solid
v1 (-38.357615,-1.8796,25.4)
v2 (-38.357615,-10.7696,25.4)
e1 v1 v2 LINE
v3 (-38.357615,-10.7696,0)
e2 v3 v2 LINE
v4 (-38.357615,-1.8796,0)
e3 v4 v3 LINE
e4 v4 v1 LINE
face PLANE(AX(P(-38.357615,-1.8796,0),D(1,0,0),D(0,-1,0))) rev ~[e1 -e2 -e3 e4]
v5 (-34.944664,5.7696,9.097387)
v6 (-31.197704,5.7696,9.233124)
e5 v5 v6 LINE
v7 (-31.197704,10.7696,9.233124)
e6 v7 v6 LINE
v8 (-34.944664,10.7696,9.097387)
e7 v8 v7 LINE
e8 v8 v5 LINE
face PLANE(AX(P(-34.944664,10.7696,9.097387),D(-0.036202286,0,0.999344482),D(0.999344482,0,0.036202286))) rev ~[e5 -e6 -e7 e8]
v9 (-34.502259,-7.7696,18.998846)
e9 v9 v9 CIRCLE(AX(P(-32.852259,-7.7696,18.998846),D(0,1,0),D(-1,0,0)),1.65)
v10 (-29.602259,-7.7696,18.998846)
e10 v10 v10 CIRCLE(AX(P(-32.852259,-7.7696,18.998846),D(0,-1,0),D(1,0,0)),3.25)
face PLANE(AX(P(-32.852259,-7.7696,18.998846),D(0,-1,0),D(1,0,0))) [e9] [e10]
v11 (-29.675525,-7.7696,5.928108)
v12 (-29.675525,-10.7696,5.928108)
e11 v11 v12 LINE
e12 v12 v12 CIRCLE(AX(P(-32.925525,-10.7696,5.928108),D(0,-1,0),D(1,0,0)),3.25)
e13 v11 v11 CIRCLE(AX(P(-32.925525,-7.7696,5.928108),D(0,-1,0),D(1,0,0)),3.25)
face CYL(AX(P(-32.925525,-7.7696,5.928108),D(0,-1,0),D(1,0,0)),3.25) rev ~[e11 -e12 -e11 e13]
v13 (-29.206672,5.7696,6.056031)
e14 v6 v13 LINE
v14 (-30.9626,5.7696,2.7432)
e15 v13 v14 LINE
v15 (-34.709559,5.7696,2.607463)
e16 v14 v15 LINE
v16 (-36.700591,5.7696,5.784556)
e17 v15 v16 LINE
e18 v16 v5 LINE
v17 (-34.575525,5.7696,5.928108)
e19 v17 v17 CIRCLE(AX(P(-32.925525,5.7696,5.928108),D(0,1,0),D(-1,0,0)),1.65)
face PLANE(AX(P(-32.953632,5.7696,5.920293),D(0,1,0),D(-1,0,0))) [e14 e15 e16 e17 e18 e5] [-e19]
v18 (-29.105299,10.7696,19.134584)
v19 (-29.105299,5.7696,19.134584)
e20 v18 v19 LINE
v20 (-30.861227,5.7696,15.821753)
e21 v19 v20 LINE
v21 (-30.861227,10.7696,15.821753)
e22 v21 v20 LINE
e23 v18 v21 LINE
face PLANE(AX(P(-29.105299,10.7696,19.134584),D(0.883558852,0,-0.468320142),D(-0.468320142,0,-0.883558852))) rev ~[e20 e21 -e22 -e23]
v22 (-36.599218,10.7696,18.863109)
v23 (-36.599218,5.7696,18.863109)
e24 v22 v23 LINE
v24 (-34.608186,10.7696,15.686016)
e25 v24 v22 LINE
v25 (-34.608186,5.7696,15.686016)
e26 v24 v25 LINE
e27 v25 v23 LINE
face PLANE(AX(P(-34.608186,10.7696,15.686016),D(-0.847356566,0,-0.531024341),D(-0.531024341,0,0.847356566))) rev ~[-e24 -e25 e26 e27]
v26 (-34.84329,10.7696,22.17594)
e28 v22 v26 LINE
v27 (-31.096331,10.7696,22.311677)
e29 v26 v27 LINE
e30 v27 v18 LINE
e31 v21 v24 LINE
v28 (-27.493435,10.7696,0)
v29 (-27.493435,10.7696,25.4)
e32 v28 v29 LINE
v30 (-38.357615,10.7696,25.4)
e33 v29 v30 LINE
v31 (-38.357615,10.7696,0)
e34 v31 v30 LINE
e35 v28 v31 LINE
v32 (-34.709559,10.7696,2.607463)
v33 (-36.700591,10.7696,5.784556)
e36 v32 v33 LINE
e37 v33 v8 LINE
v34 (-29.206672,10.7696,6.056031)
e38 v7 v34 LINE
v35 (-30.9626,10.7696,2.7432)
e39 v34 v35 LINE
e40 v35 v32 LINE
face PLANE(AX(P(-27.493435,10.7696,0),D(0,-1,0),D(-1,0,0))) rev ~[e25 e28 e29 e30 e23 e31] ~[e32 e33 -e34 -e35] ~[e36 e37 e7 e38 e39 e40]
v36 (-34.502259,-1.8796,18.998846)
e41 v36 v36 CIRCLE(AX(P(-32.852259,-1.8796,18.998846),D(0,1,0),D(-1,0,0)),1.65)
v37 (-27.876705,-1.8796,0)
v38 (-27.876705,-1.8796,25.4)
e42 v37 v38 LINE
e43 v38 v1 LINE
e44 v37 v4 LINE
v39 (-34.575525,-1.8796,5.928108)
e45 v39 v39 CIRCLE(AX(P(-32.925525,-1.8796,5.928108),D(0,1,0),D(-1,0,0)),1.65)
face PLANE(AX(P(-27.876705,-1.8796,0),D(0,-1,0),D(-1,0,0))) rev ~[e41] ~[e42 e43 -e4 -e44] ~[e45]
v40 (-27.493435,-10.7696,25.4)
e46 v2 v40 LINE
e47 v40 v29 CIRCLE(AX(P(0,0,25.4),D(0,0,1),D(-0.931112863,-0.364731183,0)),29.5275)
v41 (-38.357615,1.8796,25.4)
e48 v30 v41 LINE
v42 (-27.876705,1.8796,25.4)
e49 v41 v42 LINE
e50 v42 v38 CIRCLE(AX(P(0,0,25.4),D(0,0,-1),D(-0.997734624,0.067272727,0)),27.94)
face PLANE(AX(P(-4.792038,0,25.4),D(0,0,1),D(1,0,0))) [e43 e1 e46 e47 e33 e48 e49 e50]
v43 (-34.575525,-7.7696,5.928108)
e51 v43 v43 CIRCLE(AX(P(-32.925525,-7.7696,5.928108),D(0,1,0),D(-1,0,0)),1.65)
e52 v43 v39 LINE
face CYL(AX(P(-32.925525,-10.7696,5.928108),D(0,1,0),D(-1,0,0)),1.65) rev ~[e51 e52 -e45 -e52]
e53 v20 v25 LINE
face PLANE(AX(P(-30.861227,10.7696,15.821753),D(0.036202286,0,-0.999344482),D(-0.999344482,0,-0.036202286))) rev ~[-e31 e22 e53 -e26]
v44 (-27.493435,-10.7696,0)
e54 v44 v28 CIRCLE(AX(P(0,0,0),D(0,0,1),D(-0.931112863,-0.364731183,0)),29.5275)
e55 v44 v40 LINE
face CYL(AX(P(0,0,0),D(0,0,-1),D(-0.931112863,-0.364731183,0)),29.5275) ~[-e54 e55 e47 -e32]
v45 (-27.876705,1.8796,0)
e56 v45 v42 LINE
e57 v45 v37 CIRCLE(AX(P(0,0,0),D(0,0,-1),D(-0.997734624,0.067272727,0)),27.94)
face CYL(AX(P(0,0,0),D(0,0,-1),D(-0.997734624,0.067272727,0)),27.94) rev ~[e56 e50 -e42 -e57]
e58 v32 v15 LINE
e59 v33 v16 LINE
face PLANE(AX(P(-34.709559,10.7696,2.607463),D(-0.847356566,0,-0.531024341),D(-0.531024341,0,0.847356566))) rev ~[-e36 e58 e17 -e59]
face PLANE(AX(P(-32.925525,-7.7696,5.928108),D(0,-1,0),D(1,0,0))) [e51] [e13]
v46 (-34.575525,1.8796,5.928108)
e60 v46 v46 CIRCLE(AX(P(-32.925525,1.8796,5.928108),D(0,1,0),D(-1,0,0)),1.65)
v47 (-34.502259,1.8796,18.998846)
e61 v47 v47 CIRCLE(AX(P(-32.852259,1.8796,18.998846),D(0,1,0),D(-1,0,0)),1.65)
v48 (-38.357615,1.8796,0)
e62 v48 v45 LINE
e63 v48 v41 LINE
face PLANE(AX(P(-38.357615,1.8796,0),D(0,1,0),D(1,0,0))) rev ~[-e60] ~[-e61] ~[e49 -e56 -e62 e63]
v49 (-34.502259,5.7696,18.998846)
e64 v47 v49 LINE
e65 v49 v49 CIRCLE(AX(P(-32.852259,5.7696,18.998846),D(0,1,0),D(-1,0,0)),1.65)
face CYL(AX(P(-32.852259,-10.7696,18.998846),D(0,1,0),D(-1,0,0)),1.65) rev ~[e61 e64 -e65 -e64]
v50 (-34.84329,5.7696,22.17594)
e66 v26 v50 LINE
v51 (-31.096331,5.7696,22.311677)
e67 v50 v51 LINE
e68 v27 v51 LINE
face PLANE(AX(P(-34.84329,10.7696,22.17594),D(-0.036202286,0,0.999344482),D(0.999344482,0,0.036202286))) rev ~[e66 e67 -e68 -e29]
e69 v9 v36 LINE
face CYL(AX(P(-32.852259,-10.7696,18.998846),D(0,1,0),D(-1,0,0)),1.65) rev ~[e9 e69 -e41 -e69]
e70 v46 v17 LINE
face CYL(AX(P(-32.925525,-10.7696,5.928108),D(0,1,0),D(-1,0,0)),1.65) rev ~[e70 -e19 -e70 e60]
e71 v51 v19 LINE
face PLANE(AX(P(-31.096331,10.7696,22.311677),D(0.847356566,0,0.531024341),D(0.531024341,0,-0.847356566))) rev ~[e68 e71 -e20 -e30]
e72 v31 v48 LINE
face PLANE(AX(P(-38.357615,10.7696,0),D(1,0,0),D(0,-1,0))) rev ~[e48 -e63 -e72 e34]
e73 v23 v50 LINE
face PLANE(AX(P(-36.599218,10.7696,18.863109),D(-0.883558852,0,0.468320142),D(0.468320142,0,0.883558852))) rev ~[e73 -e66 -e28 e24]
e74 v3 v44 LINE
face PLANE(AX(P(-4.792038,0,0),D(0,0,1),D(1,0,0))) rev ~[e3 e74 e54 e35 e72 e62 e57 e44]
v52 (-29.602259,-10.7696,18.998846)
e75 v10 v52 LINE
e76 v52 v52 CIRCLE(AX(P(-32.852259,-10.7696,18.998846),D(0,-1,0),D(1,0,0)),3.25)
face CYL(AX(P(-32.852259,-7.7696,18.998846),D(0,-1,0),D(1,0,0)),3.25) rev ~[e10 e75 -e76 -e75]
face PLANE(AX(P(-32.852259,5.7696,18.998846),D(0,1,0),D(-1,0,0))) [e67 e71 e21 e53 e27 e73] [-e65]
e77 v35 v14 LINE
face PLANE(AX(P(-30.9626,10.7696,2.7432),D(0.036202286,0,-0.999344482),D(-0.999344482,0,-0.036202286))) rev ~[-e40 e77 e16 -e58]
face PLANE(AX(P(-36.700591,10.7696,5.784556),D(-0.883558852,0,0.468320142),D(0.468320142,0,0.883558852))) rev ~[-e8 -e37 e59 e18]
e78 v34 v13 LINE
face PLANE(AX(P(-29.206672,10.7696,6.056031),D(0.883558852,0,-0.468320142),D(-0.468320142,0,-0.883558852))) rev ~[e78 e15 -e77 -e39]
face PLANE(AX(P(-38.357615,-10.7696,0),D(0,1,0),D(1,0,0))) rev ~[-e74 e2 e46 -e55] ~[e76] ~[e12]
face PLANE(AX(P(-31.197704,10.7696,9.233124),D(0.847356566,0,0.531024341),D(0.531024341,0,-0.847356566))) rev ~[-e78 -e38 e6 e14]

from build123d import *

# Parameters (mm, degrees)
F1_DEPTH       = 25.4
F3_D           = 3.3
F3_CBORE_D     = 6.5
F3_CBORE_DEPTH = 3
F5_DEPTH       = 5


with BuildPart() as f1:
    # F0 (on Top) → F1 (new body)
    with BuildSketch(Plane.XY):
        with BuildLine():
            ThreePointArc((-27.8767053979, 1.8796), (27.94, 0), (-27.8767053979, -1.8796))
            Line((-27.8767053979, -1.8796), (-29.4676154463, -1.8796))
            Line((-29.4676154463, -1.8796), (-38.3576154463, -1.8796))
            Line((-38.3576154463, -1.8796), (-38.3576154463, -10.7696))
            Line((-38.3576154463, -10.7696), (-29.4676154463, -10.7696))
            Line((-29.4676154463, -10.7696), (-27.4934350726, -10.7696))
            ThreePointArc((-27.4934350726, -10.7696), (29.5275, 0), (-27.4934350726, 10.7696))
            Line((-27.4934350726, 10.7696), (-29.4676154463, 10.7696))
            Line((-29.4676154463, 10.7696), (-38.3576154463, 10.7696))
            Line((-38.3576154463, 10.7696), (-38.3576154463, 1.8796))
            Line((-38.3576154463, 1.8796), (-29.4676154463, 1.8796))
            Line((-29.4676154463, 1.8796), (-27.8767053979, 1.8796))
        make_face()
    extrude(amount=F1_DEPTH)

    # F3 (through all)
    with Locations(Plane.XZ.offset(10.7696)):
        with Locations((-32.8522585332, 18.9988464117), (-32.9255252594, 5.9281084687)):
            CounterBoreHole(F3_D / 2, F3_CBORE_D / 2, F3_CBORE_DEPTH)

    # F4 (on face) → F5 (cut)
    with BuildSketch(Plane(origin=(0, 10.7696, 0), x_dir=(-1, 0, 0), z_dir=(0, 1, 0))):
        Polygon((34.6081861546, 15.6860156038), (36.599217982, 18.8631089351), (34.8432903606, 22.175939743), (31.0963309118, 22.3116772196), (29.1052990845, 19.1345838883), (30.8612267059, 15.8217530804), align=None)
        Polygon((36.7005912762, 5.7845558547), (34.9446636548, 9.0973866626), (31.197704206, 9.2331241392), (29.2066723786, 6.0560308079), (30.9626, 2.7432), (34.7095594488, 2.6074625234), align=None)
    extrude(amount=-F5_DEPTH, mode=Mode.SUBTRACT)


solid = f1.part
